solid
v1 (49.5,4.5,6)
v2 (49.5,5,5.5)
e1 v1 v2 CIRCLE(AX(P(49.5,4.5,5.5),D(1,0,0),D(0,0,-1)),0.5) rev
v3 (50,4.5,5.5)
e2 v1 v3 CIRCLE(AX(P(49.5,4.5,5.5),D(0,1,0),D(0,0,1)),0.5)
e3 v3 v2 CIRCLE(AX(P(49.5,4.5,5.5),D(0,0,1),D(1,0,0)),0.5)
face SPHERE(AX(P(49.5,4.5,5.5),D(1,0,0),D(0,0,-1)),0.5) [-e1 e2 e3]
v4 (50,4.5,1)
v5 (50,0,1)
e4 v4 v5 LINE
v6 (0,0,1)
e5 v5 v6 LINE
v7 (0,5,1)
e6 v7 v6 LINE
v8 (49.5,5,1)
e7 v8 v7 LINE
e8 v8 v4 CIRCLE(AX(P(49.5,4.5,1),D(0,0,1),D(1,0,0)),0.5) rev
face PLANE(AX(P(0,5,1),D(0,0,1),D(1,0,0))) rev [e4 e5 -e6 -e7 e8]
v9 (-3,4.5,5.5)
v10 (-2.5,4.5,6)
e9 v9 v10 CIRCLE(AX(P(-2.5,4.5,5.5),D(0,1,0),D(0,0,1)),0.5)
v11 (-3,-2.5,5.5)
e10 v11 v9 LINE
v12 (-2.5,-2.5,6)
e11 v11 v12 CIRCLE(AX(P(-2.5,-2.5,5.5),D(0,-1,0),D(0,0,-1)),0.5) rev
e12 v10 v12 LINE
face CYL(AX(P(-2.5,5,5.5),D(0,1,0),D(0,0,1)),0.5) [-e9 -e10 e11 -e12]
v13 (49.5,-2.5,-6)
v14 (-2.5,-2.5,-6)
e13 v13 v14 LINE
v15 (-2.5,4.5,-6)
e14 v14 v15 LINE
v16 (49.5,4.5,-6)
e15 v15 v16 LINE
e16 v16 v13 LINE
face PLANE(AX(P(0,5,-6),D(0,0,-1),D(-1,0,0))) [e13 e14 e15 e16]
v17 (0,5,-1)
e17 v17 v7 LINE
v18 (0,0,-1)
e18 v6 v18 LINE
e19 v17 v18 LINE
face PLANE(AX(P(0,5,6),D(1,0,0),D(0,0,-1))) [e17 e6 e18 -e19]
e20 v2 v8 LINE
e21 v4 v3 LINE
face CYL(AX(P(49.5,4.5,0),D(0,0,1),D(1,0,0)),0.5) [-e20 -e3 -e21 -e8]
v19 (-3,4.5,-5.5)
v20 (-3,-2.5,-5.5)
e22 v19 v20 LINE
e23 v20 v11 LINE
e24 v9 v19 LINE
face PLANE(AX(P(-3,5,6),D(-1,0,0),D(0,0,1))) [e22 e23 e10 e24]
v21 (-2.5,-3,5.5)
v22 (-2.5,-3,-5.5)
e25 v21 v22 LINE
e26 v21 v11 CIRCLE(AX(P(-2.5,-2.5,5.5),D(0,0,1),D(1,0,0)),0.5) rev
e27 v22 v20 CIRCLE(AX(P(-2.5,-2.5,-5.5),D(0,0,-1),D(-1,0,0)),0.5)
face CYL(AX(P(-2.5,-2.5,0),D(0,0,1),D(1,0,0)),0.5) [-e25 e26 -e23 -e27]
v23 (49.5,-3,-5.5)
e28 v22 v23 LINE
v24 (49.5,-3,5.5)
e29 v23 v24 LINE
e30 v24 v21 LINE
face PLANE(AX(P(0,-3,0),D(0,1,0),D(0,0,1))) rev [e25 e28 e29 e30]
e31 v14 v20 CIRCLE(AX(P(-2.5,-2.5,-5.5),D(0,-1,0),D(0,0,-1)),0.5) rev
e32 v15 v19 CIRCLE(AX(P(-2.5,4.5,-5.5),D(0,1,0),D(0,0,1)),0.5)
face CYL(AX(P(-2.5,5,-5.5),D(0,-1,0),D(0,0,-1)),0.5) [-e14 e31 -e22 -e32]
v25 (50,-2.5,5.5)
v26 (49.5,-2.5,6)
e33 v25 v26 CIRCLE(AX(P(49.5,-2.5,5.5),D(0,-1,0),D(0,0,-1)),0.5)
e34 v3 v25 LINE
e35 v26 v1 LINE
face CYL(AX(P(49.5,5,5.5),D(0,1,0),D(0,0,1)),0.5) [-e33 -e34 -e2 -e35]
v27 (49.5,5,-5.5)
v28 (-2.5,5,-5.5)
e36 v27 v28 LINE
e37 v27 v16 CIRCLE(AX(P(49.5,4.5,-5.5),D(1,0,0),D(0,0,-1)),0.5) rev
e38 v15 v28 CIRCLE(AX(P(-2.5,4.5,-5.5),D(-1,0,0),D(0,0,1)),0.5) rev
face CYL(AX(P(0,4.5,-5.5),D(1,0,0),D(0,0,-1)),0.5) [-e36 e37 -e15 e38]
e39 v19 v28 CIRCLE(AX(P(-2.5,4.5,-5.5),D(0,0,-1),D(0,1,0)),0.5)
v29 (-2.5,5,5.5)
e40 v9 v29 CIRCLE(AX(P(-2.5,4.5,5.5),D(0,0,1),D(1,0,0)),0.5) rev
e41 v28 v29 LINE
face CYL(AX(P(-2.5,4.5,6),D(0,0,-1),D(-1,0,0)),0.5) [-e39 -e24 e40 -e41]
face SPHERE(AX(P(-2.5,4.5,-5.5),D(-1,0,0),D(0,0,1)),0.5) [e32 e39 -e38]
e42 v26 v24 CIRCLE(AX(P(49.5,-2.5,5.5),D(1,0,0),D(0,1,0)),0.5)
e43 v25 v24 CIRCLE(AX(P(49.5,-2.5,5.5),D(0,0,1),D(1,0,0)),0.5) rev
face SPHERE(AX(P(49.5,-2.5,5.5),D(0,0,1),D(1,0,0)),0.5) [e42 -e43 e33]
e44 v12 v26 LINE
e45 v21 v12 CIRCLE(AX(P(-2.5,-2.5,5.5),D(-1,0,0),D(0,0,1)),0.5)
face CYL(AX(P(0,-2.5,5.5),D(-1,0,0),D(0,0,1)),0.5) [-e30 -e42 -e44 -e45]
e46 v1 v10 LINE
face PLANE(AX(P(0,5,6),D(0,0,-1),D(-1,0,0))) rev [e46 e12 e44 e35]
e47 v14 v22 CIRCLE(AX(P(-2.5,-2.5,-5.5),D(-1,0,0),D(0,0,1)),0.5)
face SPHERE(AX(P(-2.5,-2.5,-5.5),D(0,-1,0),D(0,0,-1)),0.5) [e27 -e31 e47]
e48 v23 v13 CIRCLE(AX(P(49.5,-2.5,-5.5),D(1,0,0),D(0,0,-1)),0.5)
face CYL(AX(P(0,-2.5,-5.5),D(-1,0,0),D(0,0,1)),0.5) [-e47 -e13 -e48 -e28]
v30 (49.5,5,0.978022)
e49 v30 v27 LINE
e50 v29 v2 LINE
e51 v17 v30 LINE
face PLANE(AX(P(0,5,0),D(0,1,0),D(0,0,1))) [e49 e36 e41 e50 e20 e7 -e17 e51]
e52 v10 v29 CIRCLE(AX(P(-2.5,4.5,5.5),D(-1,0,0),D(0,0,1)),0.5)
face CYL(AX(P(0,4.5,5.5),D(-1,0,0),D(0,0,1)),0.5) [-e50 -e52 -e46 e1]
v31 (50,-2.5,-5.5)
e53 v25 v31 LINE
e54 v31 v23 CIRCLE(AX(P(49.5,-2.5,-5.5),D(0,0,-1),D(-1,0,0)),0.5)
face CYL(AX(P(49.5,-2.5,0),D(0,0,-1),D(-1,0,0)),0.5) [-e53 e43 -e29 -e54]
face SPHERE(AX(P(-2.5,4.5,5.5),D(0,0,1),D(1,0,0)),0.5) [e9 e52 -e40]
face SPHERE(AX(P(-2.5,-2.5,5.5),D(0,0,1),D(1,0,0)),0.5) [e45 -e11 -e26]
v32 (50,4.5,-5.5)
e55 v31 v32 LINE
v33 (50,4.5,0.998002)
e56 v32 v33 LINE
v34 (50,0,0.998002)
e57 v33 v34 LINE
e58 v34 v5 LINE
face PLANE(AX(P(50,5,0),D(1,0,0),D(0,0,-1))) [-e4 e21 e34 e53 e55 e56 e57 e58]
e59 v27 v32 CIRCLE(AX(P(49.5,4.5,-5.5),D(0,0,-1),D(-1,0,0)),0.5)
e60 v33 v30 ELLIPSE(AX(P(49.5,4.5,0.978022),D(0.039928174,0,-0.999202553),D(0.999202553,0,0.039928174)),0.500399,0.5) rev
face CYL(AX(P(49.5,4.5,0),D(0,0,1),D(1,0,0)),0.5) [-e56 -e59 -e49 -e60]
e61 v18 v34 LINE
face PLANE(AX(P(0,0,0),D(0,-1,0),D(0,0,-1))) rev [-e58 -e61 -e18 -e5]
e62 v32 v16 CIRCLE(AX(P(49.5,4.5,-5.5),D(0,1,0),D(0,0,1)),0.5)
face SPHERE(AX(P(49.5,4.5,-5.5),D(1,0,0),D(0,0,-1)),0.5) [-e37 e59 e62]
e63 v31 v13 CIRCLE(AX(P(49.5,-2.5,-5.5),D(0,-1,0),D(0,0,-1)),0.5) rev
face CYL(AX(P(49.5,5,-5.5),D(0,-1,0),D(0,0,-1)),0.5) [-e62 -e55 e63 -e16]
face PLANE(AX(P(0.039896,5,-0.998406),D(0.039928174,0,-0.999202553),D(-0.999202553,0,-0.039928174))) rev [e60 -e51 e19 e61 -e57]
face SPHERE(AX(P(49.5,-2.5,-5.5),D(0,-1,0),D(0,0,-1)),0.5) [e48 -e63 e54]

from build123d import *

# Parameters (mm, degrees)
SKETCH1_W             = 50
SKETCH1_H             = 5
BOSS_EXTRUDE1_DEPTH   = 5
BOSS_EXTRUDE1_2_DEPTH = 5
SKETCH2_W             = 50
SKETCH2_H             = 12
BOSS_EXTRUDE2_DEPTH   = 3
SKETCH3_W             = 3
SKETCH3_H             = 12
BOSS_EXTRUDE3_DEPTH   = 8
FILLET1_R             = 0.5


with BuildPart() as part:
    # Sketch1 → Boss-Extrude1 (new body)
    with BuildSketch(Plane(origin=(0, 0, 0), x_dir=(1, 0, 0), z_dir=(0, 1, 0))):
        with Locations((25, -3.5)):
            Rectangle(SKETCH1_W, SKETCH1_H)
    extrude(amount=BOSS_EXTRUDE1_DEPTH)



with BuildPart() as body_2:
    # Sketch1 → Boss-Extrude1 2 (new body)
    with BuildSketch(Plane(origin=(0, 0, 0), x_dir=(1, 0, 0), z_dir=(0, 1, 0))):
        Polygon((0, 6), (0, 1), (50, -0.998001998), (50, 6), align=None)
    extrude(amount=BOSS_EXTRUDE1_2_DEPTH)


with BuildPart() as body_3:
    # Sketch2 → Boss-Extrude2 (new body)
    with BuildSketch(Plane.XZ):
        with Locations((25, 0)):
            Rectangle(SKETCH2_W, SKETCH2_H)
    extrude(amount=BOSS_EXTRUDE2_DEPTH)


with BuildPart() as part_1:
    add(part.part)

    add(body_2.part)  # Boss-Extrude3 merges body 2

    add(body_3.part)  # Boss-Extrude3 merges body 3
    # Sketch3 → Boss-Extrude3 (add)
    with BuildSketch(Plane.XZ.offset(3)):
        with Locations((-1.5, 0)):
            Rectangle(SKETCH3_W, SKETCH3_H)
    extrude(amount=-BOSS_EXTRUDE3_DEPTH)

    # Fillet1
    fillet1_edges = [part_1.edges().sort_by_distance(p)[0] for p in [
        (23.5, 5, -6),
        (-3, 5, 0),
        (-3, 1, -6),
        (-3, 1, 6),
        (23.5, -3, 6),
        (-3, -3, 0),
        (23.5, -3, -6),
        (23.5, 5, 6),
        (50, 5, -2.500999001),
        (50, 1, -6),
        (50, -3, 0),
        (50, 5, 3.5),
        (50, 1, 6),
    ]]
    fillet(fillet1_edges, radius=FILLET1_R)


solid = part_1.part
